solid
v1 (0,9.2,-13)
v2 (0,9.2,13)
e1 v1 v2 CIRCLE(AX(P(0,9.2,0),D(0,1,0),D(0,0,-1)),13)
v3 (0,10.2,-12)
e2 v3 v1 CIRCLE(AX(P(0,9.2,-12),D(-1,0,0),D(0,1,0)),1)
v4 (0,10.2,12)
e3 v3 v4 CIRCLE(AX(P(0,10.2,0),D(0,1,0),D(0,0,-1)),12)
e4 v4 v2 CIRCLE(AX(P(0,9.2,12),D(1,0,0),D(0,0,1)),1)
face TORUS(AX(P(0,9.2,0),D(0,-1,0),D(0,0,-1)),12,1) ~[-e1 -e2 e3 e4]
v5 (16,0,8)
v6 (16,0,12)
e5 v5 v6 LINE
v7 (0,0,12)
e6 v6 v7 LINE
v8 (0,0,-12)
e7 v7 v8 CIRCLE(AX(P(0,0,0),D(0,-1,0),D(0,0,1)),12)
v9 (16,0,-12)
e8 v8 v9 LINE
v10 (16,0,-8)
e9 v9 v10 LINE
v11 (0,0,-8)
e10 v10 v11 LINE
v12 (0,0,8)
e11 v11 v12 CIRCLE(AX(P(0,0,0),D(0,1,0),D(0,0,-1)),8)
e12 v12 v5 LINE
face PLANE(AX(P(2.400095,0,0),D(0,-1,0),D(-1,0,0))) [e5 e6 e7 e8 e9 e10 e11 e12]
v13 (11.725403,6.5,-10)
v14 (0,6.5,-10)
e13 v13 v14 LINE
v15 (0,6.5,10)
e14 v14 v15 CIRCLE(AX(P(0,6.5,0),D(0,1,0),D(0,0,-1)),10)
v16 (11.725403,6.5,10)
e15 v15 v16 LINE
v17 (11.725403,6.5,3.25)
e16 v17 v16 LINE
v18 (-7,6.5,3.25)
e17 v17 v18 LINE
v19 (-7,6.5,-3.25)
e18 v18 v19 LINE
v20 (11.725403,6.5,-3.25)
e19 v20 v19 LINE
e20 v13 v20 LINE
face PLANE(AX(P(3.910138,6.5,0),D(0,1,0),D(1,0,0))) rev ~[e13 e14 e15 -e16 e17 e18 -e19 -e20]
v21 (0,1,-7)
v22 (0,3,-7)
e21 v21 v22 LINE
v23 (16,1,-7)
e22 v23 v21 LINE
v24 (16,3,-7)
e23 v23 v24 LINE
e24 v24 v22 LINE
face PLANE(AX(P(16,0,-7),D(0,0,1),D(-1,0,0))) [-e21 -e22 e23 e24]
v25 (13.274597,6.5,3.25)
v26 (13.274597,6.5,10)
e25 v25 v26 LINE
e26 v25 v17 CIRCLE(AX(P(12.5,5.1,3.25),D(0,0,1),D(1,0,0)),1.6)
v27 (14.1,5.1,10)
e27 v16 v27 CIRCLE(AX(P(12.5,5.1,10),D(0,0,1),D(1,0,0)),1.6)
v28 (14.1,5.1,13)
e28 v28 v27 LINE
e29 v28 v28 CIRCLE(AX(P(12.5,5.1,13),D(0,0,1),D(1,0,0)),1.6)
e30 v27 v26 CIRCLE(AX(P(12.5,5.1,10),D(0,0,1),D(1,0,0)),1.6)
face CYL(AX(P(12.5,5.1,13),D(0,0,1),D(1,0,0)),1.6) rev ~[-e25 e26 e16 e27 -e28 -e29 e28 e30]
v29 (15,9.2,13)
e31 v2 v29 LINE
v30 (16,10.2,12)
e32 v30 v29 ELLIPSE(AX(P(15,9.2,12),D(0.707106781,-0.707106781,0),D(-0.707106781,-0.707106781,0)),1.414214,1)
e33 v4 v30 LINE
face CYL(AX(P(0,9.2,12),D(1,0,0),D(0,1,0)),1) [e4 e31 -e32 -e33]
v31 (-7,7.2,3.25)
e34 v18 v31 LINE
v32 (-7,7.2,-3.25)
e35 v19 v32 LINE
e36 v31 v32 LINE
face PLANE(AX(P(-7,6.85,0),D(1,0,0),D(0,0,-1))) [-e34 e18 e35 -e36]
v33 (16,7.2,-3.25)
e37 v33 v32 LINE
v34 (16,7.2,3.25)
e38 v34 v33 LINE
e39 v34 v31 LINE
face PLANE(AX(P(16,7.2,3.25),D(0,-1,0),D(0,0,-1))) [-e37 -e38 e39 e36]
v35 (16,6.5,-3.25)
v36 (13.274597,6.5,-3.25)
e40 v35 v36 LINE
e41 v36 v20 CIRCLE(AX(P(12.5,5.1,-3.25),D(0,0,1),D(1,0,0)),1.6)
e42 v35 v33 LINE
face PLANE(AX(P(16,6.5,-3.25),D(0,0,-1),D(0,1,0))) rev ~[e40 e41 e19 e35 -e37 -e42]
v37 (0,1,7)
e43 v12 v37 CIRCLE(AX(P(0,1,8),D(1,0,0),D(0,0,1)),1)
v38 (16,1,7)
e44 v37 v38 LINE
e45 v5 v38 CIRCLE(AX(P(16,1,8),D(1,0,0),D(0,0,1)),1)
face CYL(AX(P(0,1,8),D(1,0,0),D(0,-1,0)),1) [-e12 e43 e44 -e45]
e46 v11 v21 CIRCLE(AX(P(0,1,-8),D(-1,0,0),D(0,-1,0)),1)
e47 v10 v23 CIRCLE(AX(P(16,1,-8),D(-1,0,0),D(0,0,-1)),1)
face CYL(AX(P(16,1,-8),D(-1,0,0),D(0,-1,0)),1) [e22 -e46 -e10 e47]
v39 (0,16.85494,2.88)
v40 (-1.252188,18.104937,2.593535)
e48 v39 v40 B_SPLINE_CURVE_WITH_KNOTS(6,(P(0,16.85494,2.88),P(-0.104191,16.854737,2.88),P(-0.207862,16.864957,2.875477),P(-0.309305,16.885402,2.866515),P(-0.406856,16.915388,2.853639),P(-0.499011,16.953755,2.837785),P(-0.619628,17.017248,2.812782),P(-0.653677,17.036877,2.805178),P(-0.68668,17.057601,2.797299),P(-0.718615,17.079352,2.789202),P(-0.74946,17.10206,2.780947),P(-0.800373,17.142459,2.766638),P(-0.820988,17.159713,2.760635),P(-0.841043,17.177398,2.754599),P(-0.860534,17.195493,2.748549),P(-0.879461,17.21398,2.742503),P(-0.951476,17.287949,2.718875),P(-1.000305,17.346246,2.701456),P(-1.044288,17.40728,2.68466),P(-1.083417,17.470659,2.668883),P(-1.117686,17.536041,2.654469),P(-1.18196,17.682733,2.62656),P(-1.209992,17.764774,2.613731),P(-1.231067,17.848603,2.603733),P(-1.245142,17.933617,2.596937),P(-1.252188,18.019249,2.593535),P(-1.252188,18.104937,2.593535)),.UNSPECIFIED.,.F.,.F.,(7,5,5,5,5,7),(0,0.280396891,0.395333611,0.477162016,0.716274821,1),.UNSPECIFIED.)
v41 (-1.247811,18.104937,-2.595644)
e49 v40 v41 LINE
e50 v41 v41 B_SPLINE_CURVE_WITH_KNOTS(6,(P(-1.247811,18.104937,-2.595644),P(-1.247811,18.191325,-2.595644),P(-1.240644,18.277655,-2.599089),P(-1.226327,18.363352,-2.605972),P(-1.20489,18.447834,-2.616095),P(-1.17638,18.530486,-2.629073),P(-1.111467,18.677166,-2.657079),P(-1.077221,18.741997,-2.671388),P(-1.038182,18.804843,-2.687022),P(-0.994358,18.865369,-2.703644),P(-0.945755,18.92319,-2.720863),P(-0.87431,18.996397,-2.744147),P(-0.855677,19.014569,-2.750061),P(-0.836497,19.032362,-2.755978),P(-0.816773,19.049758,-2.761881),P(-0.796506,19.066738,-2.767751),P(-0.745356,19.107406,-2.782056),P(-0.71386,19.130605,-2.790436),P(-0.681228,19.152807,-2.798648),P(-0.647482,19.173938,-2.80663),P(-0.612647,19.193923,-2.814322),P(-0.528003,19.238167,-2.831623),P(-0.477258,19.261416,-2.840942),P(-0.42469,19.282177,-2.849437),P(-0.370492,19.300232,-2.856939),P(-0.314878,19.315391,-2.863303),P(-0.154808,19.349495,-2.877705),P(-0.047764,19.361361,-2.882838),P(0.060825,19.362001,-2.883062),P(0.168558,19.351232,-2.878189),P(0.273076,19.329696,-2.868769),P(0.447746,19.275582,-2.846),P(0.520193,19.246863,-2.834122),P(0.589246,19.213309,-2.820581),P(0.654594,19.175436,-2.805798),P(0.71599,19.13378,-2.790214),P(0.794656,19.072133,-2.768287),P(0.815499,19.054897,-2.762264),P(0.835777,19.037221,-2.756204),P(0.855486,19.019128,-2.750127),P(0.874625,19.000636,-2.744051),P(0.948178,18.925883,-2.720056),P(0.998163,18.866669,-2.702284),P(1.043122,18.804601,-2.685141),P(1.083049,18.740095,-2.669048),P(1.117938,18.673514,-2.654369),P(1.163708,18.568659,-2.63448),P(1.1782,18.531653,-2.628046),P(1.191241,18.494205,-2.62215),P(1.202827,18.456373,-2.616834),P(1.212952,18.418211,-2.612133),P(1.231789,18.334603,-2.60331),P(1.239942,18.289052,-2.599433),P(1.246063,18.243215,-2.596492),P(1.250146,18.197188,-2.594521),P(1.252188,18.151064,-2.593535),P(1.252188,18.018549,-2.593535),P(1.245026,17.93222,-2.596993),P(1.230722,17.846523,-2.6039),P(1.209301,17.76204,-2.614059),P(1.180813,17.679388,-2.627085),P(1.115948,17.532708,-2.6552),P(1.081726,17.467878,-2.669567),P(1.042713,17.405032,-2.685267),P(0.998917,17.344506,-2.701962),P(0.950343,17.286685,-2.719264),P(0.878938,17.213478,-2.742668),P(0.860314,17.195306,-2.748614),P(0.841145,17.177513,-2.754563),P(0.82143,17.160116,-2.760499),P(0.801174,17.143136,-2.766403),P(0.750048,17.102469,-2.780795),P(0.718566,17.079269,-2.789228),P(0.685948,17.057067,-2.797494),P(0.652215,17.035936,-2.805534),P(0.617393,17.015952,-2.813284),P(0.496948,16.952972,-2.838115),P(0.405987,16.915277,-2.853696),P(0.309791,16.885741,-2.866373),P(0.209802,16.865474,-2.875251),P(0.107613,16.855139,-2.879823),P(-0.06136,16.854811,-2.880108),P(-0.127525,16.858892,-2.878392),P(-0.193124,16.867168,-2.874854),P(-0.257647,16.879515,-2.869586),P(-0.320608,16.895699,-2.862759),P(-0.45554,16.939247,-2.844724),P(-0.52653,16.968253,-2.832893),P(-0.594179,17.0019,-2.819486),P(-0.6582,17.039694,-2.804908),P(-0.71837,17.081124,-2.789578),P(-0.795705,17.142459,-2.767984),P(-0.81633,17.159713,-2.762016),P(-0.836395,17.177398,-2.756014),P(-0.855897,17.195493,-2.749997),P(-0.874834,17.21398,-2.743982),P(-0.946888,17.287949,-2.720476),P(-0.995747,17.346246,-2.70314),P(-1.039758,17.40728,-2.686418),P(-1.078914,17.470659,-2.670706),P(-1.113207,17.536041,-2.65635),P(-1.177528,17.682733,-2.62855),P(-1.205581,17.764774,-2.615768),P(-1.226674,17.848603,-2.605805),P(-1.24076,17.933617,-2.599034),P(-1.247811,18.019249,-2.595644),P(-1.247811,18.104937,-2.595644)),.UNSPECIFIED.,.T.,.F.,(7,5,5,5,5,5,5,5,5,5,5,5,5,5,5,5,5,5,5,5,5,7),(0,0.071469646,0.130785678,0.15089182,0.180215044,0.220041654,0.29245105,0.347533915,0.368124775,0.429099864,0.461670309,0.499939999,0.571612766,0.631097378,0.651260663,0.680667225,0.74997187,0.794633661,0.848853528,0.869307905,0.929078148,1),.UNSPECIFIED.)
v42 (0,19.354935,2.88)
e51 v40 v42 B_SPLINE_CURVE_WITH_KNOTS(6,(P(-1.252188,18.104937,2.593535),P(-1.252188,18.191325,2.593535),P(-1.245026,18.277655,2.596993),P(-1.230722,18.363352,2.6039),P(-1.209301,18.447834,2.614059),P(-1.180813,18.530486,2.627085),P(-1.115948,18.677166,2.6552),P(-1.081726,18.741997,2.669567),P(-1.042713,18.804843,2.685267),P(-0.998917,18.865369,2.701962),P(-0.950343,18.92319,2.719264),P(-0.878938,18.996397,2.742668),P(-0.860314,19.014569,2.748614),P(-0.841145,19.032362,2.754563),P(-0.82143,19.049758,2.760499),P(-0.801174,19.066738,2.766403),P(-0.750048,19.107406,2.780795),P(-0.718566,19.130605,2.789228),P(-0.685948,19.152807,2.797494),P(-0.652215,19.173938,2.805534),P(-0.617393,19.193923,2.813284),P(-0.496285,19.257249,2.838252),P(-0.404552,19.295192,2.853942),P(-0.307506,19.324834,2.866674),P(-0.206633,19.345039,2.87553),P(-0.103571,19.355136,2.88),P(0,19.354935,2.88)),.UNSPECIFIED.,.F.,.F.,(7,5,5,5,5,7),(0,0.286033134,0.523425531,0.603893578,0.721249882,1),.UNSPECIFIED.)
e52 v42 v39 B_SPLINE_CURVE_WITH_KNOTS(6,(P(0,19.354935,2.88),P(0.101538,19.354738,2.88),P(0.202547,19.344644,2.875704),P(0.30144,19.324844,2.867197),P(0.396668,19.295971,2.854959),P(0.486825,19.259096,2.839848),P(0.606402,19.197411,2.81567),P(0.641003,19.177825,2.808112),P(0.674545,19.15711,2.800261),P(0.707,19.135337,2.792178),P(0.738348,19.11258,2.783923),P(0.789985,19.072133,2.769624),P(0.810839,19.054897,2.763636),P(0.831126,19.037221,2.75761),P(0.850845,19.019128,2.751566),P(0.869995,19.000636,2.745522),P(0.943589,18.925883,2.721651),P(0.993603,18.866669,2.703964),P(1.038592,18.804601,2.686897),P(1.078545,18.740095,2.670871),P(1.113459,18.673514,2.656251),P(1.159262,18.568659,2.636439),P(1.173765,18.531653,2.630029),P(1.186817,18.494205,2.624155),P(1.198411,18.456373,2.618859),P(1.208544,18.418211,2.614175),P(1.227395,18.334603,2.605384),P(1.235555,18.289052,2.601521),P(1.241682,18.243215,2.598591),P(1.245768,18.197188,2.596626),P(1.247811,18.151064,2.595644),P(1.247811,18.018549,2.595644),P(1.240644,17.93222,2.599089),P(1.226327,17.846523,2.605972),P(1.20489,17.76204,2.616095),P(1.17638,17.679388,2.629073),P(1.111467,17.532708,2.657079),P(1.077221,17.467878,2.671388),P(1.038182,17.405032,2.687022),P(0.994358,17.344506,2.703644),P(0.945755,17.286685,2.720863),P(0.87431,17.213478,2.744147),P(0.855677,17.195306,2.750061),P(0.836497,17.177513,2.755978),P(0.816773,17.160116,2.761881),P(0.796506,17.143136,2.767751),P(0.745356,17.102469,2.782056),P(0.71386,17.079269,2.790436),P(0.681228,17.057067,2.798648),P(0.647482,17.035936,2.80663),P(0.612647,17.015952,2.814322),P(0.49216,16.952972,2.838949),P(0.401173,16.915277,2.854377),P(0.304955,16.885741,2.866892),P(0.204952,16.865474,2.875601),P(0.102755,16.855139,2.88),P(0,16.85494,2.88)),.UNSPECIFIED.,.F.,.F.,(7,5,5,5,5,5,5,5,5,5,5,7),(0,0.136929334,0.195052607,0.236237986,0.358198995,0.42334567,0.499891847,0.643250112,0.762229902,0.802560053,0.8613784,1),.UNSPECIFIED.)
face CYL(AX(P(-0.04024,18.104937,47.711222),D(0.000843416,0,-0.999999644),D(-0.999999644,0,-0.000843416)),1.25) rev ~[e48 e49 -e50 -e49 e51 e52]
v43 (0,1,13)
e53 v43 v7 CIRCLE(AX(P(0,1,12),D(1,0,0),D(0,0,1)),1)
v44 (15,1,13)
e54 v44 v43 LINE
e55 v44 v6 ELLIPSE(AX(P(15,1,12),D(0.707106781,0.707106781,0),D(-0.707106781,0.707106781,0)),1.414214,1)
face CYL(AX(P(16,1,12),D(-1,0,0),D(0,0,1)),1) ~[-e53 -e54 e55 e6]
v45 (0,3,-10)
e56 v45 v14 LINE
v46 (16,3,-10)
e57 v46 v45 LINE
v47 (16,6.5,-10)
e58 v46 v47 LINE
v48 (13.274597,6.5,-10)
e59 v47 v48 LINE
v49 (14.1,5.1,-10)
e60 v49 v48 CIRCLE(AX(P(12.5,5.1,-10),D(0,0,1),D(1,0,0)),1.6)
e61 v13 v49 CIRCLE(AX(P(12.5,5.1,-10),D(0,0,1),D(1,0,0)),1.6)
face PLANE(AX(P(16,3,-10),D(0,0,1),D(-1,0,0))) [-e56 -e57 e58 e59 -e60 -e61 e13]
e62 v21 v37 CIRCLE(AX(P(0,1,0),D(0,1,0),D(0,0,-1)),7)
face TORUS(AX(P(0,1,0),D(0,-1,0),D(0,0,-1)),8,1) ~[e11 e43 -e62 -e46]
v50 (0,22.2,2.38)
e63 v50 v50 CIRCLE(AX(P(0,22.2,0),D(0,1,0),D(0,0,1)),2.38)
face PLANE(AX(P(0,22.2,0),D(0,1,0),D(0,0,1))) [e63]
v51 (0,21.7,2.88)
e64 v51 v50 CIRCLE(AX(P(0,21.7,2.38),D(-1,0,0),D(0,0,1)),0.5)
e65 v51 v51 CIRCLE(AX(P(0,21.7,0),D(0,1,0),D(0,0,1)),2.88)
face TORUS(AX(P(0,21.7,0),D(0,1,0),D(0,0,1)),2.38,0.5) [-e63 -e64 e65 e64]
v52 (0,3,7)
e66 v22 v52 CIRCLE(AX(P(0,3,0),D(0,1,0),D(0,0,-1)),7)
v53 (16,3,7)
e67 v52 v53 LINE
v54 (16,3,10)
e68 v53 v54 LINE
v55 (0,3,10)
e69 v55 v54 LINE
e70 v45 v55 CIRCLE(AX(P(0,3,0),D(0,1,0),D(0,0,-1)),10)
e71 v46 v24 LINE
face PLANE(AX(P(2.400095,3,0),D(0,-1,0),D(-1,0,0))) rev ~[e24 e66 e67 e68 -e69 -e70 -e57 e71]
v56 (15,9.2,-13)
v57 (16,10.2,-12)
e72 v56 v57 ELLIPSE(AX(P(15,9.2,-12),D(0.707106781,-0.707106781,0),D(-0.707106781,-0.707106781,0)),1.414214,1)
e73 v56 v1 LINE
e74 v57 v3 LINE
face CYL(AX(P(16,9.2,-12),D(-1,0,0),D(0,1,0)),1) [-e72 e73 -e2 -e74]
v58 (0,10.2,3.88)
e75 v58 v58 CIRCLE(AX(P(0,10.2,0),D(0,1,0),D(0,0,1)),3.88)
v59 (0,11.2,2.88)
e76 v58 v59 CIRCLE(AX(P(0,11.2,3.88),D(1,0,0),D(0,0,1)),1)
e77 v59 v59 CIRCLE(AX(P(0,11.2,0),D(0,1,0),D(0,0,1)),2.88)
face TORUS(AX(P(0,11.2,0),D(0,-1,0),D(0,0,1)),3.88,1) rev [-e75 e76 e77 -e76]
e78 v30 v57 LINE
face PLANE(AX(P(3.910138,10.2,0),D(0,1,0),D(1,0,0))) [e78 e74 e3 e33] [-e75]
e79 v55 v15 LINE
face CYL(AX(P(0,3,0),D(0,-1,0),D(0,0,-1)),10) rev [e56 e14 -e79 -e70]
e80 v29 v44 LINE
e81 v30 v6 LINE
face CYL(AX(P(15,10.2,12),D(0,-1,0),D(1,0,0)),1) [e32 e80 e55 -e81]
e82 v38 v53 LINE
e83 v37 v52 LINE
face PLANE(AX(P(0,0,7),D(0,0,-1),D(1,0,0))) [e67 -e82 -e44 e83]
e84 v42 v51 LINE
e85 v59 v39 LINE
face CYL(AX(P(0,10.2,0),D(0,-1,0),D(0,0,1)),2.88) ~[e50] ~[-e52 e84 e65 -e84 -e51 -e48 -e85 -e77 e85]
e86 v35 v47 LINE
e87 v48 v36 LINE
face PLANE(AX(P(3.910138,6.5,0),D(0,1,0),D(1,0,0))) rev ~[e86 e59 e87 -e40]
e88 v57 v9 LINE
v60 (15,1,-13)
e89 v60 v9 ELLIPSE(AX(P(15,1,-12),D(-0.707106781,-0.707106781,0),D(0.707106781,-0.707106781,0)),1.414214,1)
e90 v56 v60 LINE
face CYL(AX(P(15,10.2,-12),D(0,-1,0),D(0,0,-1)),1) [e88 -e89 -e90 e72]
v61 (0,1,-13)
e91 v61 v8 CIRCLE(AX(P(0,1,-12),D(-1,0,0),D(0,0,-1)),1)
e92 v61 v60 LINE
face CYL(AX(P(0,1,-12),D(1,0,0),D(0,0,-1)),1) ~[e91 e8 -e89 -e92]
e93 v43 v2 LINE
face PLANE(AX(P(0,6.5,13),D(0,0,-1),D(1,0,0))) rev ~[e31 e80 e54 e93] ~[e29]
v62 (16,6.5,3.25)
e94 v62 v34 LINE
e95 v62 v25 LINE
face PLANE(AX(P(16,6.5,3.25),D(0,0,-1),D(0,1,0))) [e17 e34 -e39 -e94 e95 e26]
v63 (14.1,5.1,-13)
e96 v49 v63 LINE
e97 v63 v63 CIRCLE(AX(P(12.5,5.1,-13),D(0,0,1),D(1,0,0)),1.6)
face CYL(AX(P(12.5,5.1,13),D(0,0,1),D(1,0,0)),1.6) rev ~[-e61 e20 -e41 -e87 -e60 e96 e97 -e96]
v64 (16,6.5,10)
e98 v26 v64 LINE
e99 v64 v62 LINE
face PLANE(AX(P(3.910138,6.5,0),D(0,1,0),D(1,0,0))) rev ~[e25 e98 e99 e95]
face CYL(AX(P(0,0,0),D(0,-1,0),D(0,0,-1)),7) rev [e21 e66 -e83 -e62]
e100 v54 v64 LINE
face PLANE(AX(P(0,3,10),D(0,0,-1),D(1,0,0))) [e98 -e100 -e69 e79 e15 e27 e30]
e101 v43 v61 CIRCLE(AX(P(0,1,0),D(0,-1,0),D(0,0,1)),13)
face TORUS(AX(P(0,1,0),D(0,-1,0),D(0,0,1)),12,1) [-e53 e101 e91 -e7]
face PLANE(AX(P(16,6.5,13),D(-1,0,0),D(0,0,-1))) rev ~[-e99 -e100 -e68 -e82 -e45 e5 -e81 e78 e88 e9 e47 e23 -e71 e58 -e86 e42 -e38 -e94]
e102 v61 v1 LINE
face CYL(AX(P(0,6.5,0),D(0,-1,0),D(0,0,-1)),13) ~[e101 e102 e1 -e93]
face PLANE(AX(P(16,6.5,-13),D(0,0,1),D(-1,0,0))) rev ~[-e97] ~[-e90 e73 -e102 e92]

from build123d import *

# Parameters (mm, degrees)
BOSS_EXTRUDE1_DEPTH   = 3
BOSS_EXTRUDE2_DEPTH   = 3.5
BOSS_EXTRUDE3_DEPTH   = 3.7
SKETCH4_R             = 2.88
BOSS_EXTRUDE4_DEPTH   = 12
SKETCH9_W             = 6.5
SKETCH9_H             = 0.7
CUT_EXTRUDE2_DEPTH    = 23
F_2_5MM_DOWEL_HOLE1_D = 2.5
SKETCH8_R             = 1.6
CUT_EXTRUDE1_DEPTH    = 38.747052924
FILLET1_R             = 1
FILLET2_R             = 1
FILLET3_R             = 0.5


with BuildPart() as part:
    # Sketch1 → Boss-Extrude1 (new body)
    with BuildSketch(Plane(origin=(0, 0, 0), x_dir=(1, 0, 0), z_dir=(0, 1, 0))):
        with BuildLine():
            Line((0, 13), (16, 13))
            Line((16, 13), (16, 7))
            Line((16, 7), (0, 7))
            ThreePointArc((0, 7), (-7, 0), (0, -7))
            Line((0, -7), (16, -7))
            Line((16, -7), (16, -13))
            Line((16, -13), (0, -13))
            ThreePointArc((0, -13), (-13, 0), (0, 13))
        make_face()
    extrude(amount=BOSS_EXTRUDE1_DEPTH)

    # Sketch2 → Boss-Extrude2 (add)
    with BuildSketch(Plane(origin=(0, 3, 0), x_dir=(1, 0, 0), z_dir=(0, 1, 0))):
        with BuildLine():
            Line((0, 13), (16, 13))
            Line((16, 13), (16, 10))
            Line((16, 10), (0, 10))
            ThreePointArc((0, 10), (-10, 0), (0, -10))
            Line((0, -10), (16, -10))
            Line((16, -10), (16, -13))
            Line((16, -13), (0, -13))
            ThreePointArc((0, -13), (-13, 0), (0, 13))
        make_face()
    extrude(amount=BOSS_EXTRUDE2_DEPTH)

    # Sketch3 → Boss-Extrude3 (add)
    with BuildSketch(Plane(origin=(0, 6.5, 0), x_dir=(1, 0, 0), z_dir=(0, 1, 0))):
        with BuildLine():
            Line((16, 13), (0, 13))
            ThreePointArc((0, 13), (-13, 0), (0, -13))
            Line((0, -13), (16, -13))
            Line((16, -13), (16, -7))
            Line((16, -7), (16, 7))
            Line((16, 7), (16, 13))
        make_face()
    extrude(amount=BOSS_EXTRUDE3_DEPTH)

    # Sketch4 → Boss-Extrude4 (add)
    with BuildSketch(Plane(origin=(0, 10.2, 0), x_dir=(1, 0, 0), z_dir=(0, 1, 0))):
        with Locations(Location((0, 0, 0), (0, 0, 270))):
            Circle(SKETCH4_R)
    extrude(amount=BOSS_EXTRUDE4_DEPTH)

    # Sketch9 → Cut-Extrude2 (cut)
    with BuildSketch(Plane(origin=(16, 0, 0), x_dir=(0, 0, -1), z_dir=(1, 0, 0))):
        with Locations((0, 6.85)):
            Rectangle(SKETCH9_W, SKETCH9_H)
    extrude(amount=-CUT_EXTRUDE2_DEPTH, mode=Mode.SUBTRACT)

    # Ø2.5mm Dowel Hole1 (through all)
    with Locations(Plane(origin=(-0.002429038, 18.104937254, 2.879998976), x_dir=(0.999999644325, 0, 0.000843415861), z_dir=(-0.000843415861, 0, 0.999999644325))):
        with Locations((0, 0)):
            Hole(F_2_5MM_DOWEL_HOLE1_D / 2)

    # Sketch8 → Cut-Extrude1 (cut, through all)
    with BuildSketch(Plane.XY.offset(13)):
        with Locations((12.5, 5.1)):
            Circle(SKETCH8_R)
    extrude(amount=-CUT_EXTRUDE1_DEPTH, mode=Mode.SUBTRACT)

    # Fillet1
    fillet1_edges = [part.edges().sort_by_distance(p)[0] for p in [
        (8, 0, -13),
        (8, 0, -7),
        (-7, 0, 0),
        (16, 5.1, 13),
        (16, 5.1, -13),
        (-13, 10.2, 0),
        (8, 10.2, 13),
        (8, 10.2, -13),
        (8, 0, 7),
        (8, 0, 13),
        (-13, 0, 0),
    ]]
    fillet(fillet1_edges, radius=FILLET1_R)

    # Fillet2
    fillet2_edges = [part.edges().sort_by_distance(p)[0] for p in [
        (0, 10.2, -2.88),
    ]]
    fillet(fillet2_edges, radius=FILLET2_R)

    # Fillet3
    fillet3_edges = [part.edges().sort_by_distance(p)[0] for p in [
        (0, 22.2, -2.88),
    ]]
    fillet(fillet3_edges, radius=FILLET3_R)


solid = part.part
